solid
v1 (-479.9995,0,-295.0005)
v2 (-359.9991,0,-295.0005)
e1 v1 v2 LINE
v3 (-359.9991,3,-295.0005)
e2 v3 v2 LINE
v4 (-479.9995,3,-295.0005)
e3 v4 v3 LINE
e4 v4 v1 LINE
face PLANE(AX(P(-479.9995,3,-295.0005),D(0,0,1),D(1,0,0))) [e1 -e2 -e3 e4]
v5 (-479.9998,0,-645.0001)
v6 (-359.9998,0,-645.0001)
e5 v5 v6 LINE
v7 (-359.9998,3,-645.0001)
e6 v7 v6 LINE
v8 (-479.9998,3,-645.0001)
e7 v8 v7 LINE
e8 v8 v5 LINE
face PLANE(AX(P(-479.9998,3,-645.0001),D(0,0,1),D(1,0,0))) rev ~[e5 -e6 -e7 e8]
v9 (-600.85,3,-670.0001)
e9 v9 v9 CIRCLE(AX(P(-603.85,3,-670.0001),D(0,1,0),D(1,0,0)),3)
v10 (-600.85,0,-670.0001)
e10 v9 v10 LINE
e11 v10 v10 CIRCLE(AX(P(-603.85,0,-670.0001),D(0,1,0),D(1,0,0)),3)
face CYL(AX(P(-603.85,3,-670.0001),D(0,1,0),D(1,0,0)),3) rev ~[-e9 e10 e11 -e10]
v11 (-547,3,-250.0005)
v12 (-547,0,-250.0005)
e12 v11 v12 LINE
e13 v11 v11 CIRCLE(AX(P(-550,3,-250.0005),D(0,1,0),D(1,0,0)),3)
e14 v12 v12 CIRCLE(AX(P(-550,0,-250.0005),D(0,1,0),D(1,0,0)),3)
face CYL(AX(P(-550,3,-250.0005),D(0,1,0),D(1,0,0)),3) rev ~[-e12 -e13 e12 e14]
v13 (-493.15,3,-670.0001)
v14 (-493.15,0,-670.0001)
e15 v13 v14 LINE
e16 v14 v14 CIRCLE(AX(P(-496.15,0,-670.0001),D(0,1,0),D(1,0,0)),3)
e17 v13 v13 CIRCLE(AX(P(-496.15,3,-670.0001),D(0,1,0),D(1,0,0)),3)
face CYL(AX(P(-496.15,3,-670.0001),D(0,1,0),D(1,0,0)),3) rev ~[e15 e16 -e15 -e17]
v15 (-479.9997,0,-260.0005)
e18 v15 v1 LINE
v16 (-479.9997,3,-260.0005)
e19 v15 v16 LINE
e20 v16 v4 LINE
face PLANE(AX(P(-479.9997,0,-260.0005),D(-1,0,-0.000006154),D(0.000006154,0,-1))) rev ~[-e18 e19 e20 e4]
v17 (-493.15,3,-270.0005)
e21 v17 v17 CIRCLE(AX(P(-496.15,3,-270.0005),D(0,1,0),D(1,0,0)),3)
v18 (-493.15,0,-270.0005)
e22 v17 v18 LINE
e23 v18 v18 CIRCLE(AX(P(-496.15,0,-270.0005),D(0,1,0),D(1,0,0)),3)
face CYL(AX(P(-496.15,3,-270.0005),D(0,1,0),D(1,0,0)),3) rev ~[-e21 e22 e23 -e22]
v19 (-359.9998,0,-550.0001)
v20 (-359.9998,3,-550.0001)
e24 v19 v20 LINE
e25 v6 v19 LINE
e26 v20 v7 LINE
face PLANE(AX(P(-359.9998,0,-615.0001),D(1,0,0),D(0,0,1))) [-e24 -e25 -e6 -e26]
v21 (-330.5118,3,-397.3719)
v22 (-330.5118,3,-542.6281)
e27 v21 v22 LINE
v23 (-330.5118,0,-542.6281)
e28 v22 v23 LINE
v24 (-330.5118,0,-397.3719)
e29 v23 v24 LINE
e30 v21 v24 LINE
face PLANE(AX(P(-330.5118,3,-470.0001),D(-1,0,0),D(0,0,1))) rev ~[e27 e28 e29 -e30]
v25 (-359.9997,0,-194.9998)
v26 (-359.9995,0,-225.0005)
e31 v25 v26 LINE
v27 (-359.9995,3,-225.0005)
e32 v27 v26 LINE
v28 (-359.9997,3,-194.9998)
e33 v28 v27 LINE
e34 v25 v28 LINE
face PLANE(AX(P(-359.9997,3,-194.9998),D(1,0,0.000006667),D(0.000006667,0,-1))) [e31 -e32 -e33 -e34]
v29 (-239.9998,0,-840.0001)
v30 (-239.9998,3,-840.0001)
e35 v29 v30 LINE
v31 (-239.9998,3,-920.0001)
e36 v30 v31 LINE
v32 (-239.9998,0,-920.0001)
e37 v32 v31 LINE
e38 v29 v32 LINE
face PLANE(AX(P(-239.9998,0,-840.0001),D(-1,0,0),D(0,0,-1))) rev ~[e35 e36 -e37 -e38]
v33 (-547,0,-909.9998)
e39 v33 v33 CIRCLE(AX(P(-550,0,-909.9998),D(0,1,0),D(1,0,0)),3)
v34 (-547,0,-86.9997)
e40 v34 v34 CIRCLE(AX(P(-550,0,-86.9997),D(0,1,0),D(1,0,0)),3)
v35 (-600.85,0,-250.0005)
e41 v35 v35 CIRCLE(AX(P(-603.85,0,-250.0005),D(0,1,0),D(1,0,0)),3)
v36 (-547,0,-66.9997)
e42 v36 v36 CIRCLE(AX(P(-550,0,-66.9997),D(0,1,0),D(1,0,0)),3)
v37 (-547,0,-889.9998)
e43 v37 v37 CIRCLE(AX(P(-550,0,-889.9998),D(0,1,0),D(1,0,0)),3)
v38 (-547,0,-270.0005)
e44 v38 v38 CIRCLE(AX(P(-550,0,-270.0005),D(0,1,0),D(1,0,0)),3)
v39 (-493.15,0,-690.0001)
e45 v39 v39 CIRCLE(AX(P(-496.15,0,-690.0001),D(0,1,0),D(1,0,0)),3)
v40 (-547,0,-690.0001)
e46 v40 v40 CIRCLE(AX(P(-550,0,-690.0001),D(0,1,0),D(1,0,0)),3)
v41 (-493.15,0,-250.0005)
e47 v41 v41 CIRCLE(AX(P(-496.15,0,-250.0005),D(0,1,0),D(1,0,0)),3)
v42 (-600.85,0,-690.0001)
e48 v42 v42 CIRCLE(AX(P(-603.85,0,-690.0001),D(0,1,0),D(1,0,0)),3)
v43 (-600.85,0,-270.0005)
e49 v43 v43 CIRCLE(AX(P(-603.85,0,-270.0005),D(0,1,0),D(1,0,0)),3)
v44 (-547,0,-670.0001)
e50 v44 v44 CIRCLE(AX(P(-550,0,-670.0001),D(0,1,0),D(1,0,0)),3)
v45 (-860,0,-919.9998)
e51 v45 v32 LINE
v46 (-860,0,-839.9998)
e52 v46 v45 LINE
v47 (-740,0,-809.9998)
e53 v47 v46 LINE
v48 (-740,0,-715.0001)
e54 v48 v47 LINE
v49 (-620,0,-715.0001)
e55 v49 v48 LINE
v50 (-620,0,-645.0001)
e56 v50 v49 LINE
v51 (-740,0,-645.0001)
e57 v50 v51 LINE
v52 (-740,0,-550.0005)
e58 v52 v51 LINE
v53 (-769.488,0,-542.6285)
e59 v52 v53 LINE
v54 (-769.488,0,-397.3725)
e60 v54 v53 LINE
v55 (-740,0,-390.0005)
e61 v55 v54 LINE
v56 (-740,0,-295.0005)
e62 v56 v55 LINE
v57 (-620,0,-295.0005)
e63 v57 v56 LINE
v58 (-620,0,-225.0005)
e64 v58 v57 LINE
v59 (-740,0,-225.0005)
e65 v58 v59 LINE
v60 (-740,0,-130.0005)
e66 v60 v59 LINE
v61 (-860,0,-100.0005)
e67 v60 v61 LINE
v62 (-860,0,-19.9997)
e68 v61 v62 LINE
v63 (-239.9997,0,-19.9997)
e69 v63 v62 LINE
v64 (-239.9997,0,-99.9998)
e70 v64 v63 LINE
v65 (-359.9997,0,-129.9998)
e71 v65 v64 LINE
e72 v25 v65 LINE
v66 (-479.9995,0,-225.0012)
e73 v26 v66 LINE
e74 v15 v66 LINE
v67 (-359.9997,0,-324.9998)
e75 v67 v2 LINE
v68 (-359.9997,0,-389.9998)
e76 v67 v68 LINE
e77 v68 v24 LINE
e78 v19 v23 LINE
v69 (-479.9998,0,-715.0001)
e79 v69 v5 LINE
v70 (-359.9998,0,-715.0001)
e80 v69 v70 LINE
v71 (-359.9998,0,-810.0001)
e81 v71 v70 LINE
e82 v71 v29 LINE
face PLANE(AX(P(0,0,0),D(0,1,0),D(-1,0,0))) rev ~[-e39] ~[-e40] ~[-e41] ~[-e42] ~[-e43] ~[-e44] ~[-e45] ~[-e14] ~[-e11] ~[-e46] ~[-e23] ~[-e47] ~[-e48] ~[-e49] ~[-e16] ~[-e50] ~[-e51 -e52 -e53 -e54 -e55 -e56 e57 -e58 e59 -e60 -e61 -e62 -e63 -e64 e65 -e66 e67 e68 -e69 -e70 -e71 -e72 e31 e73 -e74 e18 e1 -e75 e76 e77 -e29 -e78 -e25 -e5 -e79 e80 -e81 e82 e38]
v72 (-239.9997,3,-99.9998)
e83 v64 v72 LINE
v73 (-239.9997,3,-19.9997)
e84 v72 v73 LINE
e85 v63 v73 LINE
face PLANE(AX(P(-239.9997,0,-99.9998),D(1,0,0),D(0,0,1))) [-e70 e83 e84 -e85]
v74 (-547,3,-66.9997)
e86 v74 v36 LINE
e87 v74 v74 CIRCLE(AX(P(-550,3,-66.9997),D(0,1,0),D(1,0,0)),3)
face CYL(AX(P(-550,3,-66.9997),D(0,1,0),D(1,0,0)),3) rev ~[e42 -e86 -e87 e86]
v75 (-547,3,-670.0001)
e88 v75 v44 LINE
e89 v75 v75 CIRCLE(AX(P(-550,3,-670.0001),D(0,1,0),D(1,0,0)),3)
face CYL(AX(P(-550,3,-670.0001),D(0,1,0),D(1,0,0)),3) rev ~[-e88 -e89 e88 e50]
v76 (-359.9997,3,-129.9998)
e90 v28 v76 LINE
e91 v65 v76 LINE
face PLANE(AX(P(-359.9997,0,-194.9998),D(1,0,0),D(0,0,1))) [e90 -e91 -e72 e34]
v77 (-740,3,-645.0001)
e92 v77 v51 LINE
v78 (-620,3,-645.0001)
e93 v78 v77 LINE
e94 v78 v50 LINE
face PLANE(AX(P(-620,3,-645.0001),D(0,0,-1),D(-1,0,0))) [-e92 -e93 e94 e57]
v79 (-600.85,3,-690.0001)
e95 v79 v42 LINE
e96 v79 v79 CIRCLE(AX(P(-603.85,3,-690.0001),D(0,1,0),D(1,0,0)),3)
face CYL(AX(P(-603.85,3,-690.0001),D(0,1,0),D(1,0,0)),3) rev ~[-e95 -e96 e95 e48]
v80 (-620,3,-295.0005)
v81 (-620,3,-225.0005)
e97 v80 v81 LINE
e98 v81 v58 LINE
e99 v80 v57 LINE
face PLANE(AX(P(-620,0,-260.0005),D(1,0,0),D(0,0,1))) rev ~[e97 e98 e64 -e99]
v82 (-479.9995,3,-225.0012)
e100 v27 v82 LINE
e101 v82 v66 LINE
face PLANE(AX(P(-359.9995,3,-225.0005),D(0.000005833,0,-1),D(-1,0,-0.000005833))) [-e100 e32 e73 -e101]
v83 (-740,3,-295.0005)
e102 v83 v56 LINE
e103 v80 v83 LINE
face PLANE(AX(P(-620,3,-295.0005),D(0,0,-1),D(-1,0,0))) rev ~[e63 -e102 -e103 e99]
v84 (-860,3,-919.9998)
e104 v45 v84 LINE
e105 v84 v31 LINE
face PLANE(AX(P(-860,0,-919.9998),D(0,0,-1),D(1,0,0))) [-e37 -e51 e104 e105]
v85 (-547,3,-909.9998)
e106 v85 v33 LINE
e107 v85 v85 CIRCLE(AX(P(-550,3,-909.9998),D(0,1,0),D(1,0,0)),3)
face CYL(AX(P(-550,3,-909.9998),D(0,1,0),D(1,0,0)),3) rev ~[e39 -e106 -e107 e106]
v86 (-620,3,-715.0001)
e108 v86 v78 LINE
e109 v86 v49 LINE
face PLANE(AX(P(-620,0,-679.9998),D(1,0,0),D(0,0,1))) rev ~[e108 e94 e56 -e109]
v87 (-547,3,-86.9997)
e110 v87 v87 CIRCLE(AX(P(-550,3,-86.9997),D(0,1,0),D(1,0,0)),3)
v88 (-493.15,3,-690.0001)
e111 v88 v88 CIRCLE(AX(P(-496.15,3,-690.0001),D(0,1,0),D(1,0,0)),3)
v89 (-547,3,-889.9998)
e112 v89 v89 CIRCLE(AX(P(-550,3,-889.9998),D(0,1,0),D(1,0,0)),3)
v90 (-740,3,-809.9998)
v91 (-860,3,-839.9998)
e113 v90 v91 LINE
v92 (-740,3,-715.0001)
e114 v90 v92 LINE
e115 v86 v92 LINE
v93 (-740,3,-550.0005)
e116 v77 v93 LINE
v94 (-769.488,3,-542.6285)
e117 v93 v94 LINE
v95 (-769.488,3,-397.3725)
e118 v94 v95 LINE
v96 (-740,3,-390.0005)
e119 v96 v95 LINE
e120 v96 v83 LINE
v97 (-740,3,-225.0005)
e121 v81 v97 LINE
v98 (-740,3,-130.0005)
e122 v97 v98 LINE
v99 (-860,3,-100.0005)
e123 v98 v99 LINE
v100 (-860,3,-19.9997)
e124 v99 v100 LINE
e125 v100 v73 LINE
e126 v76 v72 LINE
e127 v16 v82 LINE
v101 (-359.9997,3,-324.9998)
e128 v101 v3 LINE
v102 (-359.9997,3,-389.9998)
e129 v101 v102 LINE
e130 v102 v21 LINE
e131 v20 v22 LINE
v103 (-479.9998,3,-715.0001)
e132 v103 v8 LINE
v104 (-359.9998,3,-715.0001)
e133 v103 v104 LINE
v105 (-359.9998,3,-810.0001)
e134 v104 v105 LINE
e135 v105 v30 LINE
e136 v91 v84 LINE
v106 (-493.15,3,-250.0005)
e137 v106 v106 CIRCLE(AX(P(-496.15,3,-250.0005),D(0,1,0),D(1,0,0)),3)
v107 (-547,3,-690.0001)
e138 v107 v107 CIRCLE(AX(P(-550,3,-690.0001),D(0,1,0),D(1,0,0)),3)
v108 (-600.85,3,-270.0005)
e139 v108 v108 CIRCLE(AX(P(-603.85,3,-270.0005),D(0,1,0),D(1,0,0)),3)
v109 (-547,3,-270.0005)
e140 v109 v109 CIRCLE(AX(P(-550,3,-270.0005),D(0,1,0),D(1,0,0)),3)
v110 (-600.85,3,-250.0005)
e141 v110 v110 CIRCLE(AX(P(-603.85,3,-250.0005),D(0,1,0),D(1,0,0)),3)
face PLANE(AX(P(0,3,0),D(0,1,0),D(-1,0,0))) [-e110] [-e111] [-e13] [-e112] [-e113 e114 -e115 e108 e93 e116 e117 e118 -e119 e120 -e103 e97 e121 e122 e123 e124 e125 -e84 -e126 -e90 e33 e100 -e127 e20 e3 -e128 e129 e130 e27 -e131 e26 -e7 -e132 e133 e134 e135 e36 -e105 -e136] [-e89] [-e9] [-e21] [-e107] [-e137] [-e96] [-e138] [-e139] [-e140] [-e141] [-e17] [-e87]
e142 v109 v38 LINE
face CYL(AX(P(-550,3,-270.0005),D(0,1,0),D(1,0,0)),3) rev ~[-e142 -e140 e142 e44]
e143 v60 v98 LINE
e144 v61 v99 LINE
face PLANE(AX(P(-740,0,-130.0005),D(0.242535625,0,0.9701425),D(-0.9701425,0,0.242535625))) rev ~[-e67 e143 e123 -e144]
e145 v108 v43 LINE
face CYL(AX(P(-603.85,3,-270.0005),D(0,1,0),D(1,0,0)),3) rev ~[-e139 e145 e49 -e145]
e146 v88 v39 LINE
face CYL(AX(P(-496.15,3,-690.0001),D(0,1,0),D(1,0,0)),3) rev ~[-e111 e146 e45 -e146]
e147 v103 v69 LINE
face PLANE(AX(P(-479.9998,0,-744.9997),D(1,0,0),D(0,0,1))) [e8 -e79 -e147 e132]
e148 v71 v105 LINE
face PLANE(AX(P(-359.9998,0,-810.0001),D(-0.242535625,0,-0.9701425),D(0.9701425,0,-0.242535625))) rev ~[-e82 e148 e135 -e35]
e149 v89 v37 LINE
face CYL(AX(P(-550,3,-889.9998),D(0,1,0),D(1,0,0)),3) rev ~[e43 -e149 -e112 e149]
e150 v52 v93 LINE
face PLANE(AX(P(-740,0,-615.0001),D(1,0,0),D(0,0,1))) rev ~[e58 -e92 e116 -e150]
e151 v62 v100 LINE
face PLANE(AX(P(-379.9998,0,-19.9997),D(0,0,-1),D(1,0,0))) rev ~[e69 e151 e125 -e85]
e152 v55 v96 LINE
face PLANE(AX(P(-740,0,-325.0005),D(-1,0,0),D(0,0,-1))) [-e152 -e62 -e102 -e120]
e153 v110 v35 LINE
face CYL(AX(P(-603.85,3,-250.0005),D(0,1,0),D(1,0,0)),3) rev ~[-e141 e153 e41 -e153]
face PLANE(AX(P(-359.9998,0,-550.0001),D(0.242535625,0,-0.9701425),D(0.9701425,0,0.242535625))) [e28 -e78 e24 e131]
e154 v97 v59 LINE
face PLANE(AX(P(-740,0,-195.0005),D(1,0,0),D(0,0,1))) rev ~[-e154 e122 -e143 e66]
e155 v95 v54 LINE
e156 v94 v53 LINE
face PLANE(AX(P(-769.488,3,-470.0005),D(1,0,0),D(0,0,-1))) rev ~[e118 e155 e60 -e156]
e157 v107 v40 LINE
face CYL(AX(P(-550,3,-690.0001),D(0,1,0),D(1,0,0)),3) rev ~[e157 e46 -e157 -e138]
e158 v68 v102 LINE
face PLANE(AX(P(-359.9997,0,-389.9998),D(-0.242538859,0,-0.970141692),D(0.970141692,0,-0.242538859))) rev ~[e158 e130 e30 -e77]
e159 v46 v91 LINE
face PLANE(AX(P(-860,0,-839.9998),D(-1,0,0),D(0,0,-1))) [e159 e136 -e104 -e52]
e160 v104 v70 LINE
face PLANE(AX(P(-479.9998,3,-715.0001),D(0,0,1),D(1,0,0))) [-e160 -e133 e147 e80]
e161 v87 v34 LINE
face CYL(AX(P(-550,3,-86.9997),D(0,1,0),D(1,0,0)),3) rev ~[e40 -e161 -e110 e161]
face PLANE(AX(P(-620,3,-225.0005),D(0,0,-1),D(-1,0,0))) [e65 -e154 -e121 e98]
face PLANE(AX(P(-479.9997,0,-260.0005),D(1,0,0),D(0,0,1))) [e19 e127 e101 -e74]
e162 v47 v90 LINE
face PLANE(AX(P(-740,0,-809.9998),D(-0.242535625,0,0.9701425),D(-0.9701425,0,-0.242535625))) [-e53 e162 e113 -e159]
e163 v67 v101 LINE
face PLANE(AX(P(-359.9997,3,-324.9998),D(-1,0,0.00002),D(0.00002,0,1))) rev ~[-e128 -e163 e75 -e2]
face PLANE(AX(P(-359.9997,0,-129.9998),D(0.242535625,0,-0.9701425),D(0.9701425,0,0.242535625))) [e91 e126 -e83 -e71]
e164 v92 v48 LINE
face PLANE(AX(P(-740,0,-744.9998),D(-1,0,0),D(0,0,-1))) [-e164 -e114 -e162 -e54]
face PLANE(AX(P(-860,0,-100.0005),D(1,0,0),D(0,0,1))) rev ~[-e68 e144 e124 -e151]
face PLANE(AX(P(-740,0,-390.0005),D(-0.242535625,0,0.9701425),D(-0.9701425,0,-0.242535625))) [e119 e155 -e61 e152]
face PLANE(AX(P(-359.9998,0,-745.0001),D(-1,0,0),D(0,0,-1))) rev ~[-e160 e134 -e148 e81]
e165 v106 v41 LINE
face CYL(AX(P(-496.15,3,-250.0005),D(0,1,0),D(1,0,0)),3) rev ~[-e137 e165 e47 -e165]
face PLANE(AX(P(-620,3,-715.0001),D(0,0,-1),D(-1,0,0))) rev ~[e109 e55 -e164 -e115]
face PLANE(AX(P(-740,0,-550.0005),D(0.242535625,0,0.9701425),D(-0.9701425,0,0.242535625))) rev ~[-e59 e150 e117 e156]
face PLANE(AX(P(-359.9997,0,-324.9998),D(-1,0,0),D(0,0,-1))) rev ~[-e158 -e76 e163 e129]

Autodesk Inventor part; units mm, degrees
ref_plane "YZ Plane" through (0, 0, 0) normal (1, 0, 0) x (0, 1, 0)
ref_plane "XZ Plane" through (0, 0, 0) normal (0, 1, 0) x (-1, 0, 0)
ref_plane "XY Plane" through (0, 0, 0) normal (0, 0, 1) x (1, 0, 0)
sketch "Sketch1" plane through (0, 0, 0) normal (0, 1, 0) x (-1, 0, 0)
  line L0 (359.9997, -324.9998) -> (359.9997, -389.9998)
  line L1 (359.9997, -389.9998) -> (239.9998, -420.0002)
  line L2 (359.9997, -194.9998) -> (359.9997, -129.9998)
  line L3 (359.9997, -129.9998) -> (239.9997, -99.9998)
  line L4 (359.9998, -615.0001) -> (359.9998, -550.0001)
  line L5 (359.9998, -550.0001) -> (239.9998, -520.0001)
  line L6 (359.9998, -745.0001) -> (359.9998, -810.0001)
  line L7 (359.9998, -810.0001) -> (239.9998, -840.0001)
  line L8 (740, -325.0005) -> (740, -390.0005)
  line L9 (740, -390.0005) -> (860, -420.0005)
  line L10 (740, -195.0005) -> (740, -130.0005)
  line L11 (740, -130.0005) -> (860, -100.0005)
  line L12 (740, -615.0001) -> (740, -550.0005)
  line L13 (740, -550.0005) -> (860, -520.0005)
  line L14 (740, -744.9998) -> (740, -809.9998)
  line L15 (740, -809.9998) -> (860, -839.9998)
  line L16 (860, -100.0005) -> (860, -19.9997)
  line L17 (860, -839.9998) -> (860, -919.9998)
  line L18 (239.9997, -99.9998) -> (239.9997, -19.9997)
  line L19 (239.9998, -840.0001) -> (239.9998, -920.0001)
  line L20 (859.9998, -19.9997) -> (379.9998, -19.9997)
  line L21 (860, -19.9997) -> (379.9998, -19.9997)
  line L22 (479.9997, -19.9997) -> (239.9997, -19.9997)
  line L23 (860, -919.9998) -> (139.9998, -919.9998)
  line L24 (239.9997, -19.9997) -> (859.9998, -19.9997)
  line L25 (860, -520.0005) -> (860, -420.0005)
  line L26 (239.9998, -520.0001) -> (239.9998, -420.0002)
  line L27 (479.9998, -744.9997) -> (479.9998, -745.0001)
  line L28 (479.9998, -745.0001) -> (479.9998, -615.0001)
  line L29 (479.9998, -615.0001) -> (359.9998, -615.0001)
  line L30 (479.9998, -745.0001) -> (359.9998, -745.0001)
  line L31 (620, -679.9998) -> (620, -745.0001)
  line L32 (620, -745.0001) -> (740, -744.9998)
  line L33 (620, -679.9998) -> (620, -615.0001)
  line L34 (740, -615.0001) -> (620, -615.0001)
  line L35 (620, -260.0005) -> (620, -325.0005)
  line L36 (620, -325.0005) -> (620, -195.0005)
  line L37 (620, -195.0005) -> (740, -195.0005)
  line L38 (620, -325.0005) -> (740, -325.0005)
  line L39 (479.9997, -260.0005) -> (479.9993, -325.0005)
  line L40 (479.9993, -325.0005) -> (359.9997, -324.9998)
  line L41 (479.9997, -260.0005) -> (479.9997, -195.0005)
  line L42 (479.9997, -195.0005) -> (359.9997, -194.9998)
  point P0 (479.9997, -19.9997)
  point P1 (740, -810.0001)
  point P2 (740, -550.0001)
  point P3 (740, -390.0001)
  point P4 (740, -130.0001)
  point P5 (239.9998, -919.9998)
  point P6 (239.9998, -919.9998)
  dimension "d44" = 0.45
  dimension "d16" = 80
  dimension "d23" = 65
extrude "Extrusion1" add sketch "Sketch1" along normal blind 3
sketch "Sketch2" plane through (0, 3, 0) normal (0, 1, 0) x (1, 0, 0)
  line L0 (-620, 325.0005) -> (-620, 195.0005) projected
  line L1 (-620, 260.0005) -> (-620, 225.0005)
  line L2 (-620, 225.0005) -> (-740, 225.0005)
  line L3 (-740, 195.0005) -> (-740, 130.0005) projected
  line L4 (-740, 225.0005) -> (-740, 195.0005)
  line L5 (-620, 260.0005) -> (-620, 295.0005)
  line L6 (-620, 295.0005) -> (-740, 295.0005)
  line L7 (-740, 295.0005) -> (-740, 325.0005)
  line L8 (-740, 325.0005) -> (-620, 325.0005) projected
  line L9 (-740, 325.0005) -> (-620, 325.0005)
  line L10 (-620, 325.0005) -> (-620, 295.0005)
  line L11 (-620, 225.0005) -> (-620, 195.0005)
  line L12 (-620, 195.0005) -> (-740, 195.0005)
  line L13 (-479.9997, 195.0005) -> (-479.9997, 260.0005) projected
  line L14 (-359.9997, 194.9998) -> (-479.9997, 195.0005) projected
  line L15 (-479.9997, 195.0005) -> (-359.9997, 194.9998)
  line L16 (-359.9997, 194.9998) -> (-359.9995, 225.0005)
  line L17 (-359.9995, 225.0005) -> (-479.9995, 225.0012)
  line L18 (-479.9995, 225.0012) -> (-479.9995, 295.0005)
  line L19 (-479.9997, 260.0005) -> (-479.9993, 325.0005) projected
  line L20 (-479.9993, 325.0005) -> (-359.9997, 324.9998) projected
  line L21 (-479.9993, 325.0005) -> (-359.9997, 324.9998)
  line L22 (-359.9997, 324.9998) -> (-359.9991, 295.0005)
  line L23 (-479.9995, 295.0005) -> (-359.9991, 295.0005)
  line L24 (-620, 745.0001) -> (-620, 615.0001) projected
  line L25 (-620, 680.0001) -> (-620, 645.0001)
  line L26 (-620, 645.0001) -> (-740, 645.0001)
  line L27 (-740, 645.0001) -> (-740, 615.0001)
  line L28 (-740, 615.0001) -> (-620, 615.0001)
  line L29 (-620, 615.0001) -> (-620, 645.0001)
  line L30 (-620, 680.0001) -> (-620, 715.0001)
  line L31 (-620, 715.0001) -> (-740, 715.0001)
  line L32 (-740, 744.9998) -> (-620, 745.0001) projected
  line L33 (-740, 715.0001) -> (-740, 744.9998)
  line L34 (-740, 744.9998) -> (-620, 745.0001)
  line L35 (-620, 745.0001) -> (-620, 715.0001)
  line L36 (-479.9998, 615.0001) -> (-479.9998, 745.0001) projected
  line L37 (-479.9998, 680.0001) -> (-479.9998, 645.0001)
  line L38 (-479.9998, 645.0001) -> (-359.9998, 645.0001)
  line L39 (-359.9998, 615.0001) -> (-479.9998, 615.0001) projected
  line L40 (-359.9998, 645.0001) -> (-359.9998, 615.0001)
  line L41 (-359.9998, 615.0001) -> (-479.9998, 615.0001)
  line L42 (-479.9998, 615.0001) -> (-479.9998, 645.0001)
  line L43 (-479.9998, 680.0001) -> (-479.9998, 715.0001)
  line L44 (-479.9998, 715.0001) -> (-359.9998, 715.0001)
  line L45 (-479.9998, 745.0001) -> (-359.9998, 745.0001) projected
  line L46 (-359.9998, 715.0001) -> (-359.9998, 745.0001)
  line L47 (-359.9998, 745.0001) -> (-479.9998, 745.0001)
  line L48 (-479.9998, 745.0001) -> (-479.9998, 715.0001)
  point P0 (0, 0)
  dimension "d26" = 35
  dimension "d27" = 35
  dimension "d28" = 35
  dimension "d29" = 35
  dimension "d30" = 35
  dimension "d31" = 35
extrude "Extrusion2" add sketch "Sketch2" against normal up to surface (3 mm away)
sketch "Sketch3" plane through (0, 3, 0) normal (0, 1, 0) x (1, 0, 0)
  line L0 (-620, 295.0005) -> (-620, 225.0005) projected
  line L1 (-620, 260.0005) -> (-620, 240.0005)
  line L2 (-620, 240.0005) -> (-479.9995, 240.0005)
  line L3 (-479.9995, 225.0012) -> (-479.9995, 295.0005) projected
  line L4 (-479.9995, 240.0005) -> (-479.9995, 280.0005)
  line L5 (-479.9995, 280.0005) -> (-620, 280.0005)
  line L6 (-620, 280.0005) -> (-620, 260.0005)
  line L7 (-620, 715.0001) -> (-620, 645.0001) projected
  line L8 (-620, 680.0001) -> (-620, 660.0001)
  line L9 (-620, 660.0001) -> (-479.9998, 660.0001)
  line L10 (-479.9998, 645.0001) -> (-479.9998, 715.0001) projected
  line L11 (-479.9998, 660.0001) -> (-479.9998, 680.0001)
  line L12 (-479.9998, 680.0001) -> (-479.9998, 700.0001)
  line L13 (-479.9998, 700.0001) -> (-620, 700.0001)
  line L14 (-620, 700.0001) -> (-620, 680.0001)
  point P0 (0, 0)
  dimension "d34" = 20
  dimension "d35" = 40
  dimension "d36" = 20
  dimension "d37" = 20
  dimension "d38" = 20
sketch "Sketch4" plane through (0, 3, 0) normal (0, 1, 0) x (1, 0, 0)
  line L0 (-860, 520.0005) -> (-860, 420.0005) projected
  line L1 (-860, 470.0005) -> (-828.2194, 470.0005)
  line L2 (-239.9998, 420.0002) -> (-239.9998, 520.0001) projected
  line L3 (-860, 19.9997) -> (-239.9997, 19.9997) projected
  line L4 (-549.9999, 19.9997) -> (-549.9999, 470.0003)
  line L5 (-549.9999, 470.0003) -> (-549.5499, 470.0003)
  line L6 (-549.9999, 470.0003) -> (-550.4499, 470.0003)
  circle A0 centre (-549.5499, 470.0003) radius 73.409
  point P0 (0, 0)
  dimension "d44" = 0.45
sketch "Sketch7" plane through (0, 3, 0) normal (0, 1, 0) x (1, 0, 0)
  circle A0 centre (-550, 66.9997) radius 3.05
  circle A1 centre (-550, 250.0005) radius 5 projected
  circle A2 centre (-603.85, 270.0005) radius 4.6 projected
  circle A3 centre (-603.85, 250.0005) radius 4.6 projected
  circle A4 centre (-496.15, 250.0005) radius 5 projected
  circle A5 centre (-496.15, 270.0005) radius 5 projected
  line L0 (-537.75, 919.9998) -> (-562.25, 919.9998) projected
  line L1 (-537.75, 879.9998) -> (-537.75, 919.9998) projected
  line L2 (-562.25, 879.9998) -> (-537.75, 879.9998) projected
  line L3 (-562.25, 879.9998) -> (-562.25, 919.9998) projected
  circle A6 centre (-603.85, 690.0001) radius 4.6 projected
  circle A7 centre (-603.85, 670.0001) radius 4.6 projected
  circle A8 centre (-550, 690.0001) radius 4.6 projected
  circle A9 centre (-550, 670.0001) radius 4.6 projected
  circle A10 centre (-496.15, 690.0001) radius 4.6 projected
  circle A11 centre (-496.15, 670.0001) radius 4.6 projected
  circle A12 centre (-550, 66.9997) radius 3
  circle A13 centre (-550, 86.9997) radius 3
  circle A14 centre (-496.15, 250.0005) radius 3
  circle A15 centre (-496.15, 270.0005) radius 3
  circle A16 centre (-550, 250.0005) radius 3
  circle A17 centre (-550, 270.0005) radius 3
  circle A18 centre (-603.85, 250.0005) radius 3
  circle A19 centre (-603.85, 270.0005) radius 3
  circle A20 centre (-496.15, 670.0001) radius 3
  circle A21 centre (-496.15, 690.0001) radius 3
  circle A22 centre (-550, 670.0001) radius 3
  circle A23 centre (-550, 690.0001) radius 3
  circle A24 centre (-603.85, 670.0001) radius 3
  circle A25 centre (-603.85, 690.0001) radius 3
  circle A26 centre (-550, 889.9998) radius 3
  circle A27 centre (-550, 909.9998) radius 3
  point P0 (0, 0)
  dimension "d53" = 6
  dimension "d54" = 6
  dimension "d55" = 6
  dimension "d56" = 6
  dimension "d57" = 6
  dimension "d58" = 6
  dimension "d59" = 6
  dimension "d60" = 6
  dimension "d61" = 6
  dimension "d62" = 6
  dimension "d63" = 6
  dimension "d64" = 6
  dimension "d65" = 6
  dimension "d66" = 6
  dimension "d67" = 6
  dimension "d68" = 6
extrude "Extrusion7" cut sketch "Sketch7" against normal up to surface (3 mm away) contours A12 | A13 | A14 | A15 | A16 | A17 | A18 | A19 | A20 | A21 | A22 | A23 | A24 | A25 | A26 | A27
sketch "Sketch8" plane through (0, 3, 0) normal (0, 1, 0) x (1, 0, 0)
  line L0 (-239.9998, 420.0002) -> (-239.9998, 520.0001) projected
  line L1 (-860, 520.0005) -> (-860, 420.0005) projected
  line L2 (-769.488, 470.0005) -> (-769.488, 542.6285)
  line L3 (-740, 550.0005) -> (-860, 520.0005) projected
  line L4 (-769.488, 470.0005) -> (-769.488, 397.3725)
  line L5 (-860, 420.0005) -> (-740, 390.0005) projected
  line L6 (-330.5118, 470.0001) -> (-330.5118, 542.6281)
  line L7 (-239.9998, 520.0001) -> (-359.9998, 550.0001) projected
  line L8 (-330.5118, 470.0001) -> (-330.5118, 397.3719)
  line L9 (-359.9997, 389.9998) -> (-239.9998, 420.0002) projected
  point P0 (0, 0)
extrude "Extrusion8" cut sketch "Sketch8" against normal up to surface (3 mm away)
properties part number "base"
